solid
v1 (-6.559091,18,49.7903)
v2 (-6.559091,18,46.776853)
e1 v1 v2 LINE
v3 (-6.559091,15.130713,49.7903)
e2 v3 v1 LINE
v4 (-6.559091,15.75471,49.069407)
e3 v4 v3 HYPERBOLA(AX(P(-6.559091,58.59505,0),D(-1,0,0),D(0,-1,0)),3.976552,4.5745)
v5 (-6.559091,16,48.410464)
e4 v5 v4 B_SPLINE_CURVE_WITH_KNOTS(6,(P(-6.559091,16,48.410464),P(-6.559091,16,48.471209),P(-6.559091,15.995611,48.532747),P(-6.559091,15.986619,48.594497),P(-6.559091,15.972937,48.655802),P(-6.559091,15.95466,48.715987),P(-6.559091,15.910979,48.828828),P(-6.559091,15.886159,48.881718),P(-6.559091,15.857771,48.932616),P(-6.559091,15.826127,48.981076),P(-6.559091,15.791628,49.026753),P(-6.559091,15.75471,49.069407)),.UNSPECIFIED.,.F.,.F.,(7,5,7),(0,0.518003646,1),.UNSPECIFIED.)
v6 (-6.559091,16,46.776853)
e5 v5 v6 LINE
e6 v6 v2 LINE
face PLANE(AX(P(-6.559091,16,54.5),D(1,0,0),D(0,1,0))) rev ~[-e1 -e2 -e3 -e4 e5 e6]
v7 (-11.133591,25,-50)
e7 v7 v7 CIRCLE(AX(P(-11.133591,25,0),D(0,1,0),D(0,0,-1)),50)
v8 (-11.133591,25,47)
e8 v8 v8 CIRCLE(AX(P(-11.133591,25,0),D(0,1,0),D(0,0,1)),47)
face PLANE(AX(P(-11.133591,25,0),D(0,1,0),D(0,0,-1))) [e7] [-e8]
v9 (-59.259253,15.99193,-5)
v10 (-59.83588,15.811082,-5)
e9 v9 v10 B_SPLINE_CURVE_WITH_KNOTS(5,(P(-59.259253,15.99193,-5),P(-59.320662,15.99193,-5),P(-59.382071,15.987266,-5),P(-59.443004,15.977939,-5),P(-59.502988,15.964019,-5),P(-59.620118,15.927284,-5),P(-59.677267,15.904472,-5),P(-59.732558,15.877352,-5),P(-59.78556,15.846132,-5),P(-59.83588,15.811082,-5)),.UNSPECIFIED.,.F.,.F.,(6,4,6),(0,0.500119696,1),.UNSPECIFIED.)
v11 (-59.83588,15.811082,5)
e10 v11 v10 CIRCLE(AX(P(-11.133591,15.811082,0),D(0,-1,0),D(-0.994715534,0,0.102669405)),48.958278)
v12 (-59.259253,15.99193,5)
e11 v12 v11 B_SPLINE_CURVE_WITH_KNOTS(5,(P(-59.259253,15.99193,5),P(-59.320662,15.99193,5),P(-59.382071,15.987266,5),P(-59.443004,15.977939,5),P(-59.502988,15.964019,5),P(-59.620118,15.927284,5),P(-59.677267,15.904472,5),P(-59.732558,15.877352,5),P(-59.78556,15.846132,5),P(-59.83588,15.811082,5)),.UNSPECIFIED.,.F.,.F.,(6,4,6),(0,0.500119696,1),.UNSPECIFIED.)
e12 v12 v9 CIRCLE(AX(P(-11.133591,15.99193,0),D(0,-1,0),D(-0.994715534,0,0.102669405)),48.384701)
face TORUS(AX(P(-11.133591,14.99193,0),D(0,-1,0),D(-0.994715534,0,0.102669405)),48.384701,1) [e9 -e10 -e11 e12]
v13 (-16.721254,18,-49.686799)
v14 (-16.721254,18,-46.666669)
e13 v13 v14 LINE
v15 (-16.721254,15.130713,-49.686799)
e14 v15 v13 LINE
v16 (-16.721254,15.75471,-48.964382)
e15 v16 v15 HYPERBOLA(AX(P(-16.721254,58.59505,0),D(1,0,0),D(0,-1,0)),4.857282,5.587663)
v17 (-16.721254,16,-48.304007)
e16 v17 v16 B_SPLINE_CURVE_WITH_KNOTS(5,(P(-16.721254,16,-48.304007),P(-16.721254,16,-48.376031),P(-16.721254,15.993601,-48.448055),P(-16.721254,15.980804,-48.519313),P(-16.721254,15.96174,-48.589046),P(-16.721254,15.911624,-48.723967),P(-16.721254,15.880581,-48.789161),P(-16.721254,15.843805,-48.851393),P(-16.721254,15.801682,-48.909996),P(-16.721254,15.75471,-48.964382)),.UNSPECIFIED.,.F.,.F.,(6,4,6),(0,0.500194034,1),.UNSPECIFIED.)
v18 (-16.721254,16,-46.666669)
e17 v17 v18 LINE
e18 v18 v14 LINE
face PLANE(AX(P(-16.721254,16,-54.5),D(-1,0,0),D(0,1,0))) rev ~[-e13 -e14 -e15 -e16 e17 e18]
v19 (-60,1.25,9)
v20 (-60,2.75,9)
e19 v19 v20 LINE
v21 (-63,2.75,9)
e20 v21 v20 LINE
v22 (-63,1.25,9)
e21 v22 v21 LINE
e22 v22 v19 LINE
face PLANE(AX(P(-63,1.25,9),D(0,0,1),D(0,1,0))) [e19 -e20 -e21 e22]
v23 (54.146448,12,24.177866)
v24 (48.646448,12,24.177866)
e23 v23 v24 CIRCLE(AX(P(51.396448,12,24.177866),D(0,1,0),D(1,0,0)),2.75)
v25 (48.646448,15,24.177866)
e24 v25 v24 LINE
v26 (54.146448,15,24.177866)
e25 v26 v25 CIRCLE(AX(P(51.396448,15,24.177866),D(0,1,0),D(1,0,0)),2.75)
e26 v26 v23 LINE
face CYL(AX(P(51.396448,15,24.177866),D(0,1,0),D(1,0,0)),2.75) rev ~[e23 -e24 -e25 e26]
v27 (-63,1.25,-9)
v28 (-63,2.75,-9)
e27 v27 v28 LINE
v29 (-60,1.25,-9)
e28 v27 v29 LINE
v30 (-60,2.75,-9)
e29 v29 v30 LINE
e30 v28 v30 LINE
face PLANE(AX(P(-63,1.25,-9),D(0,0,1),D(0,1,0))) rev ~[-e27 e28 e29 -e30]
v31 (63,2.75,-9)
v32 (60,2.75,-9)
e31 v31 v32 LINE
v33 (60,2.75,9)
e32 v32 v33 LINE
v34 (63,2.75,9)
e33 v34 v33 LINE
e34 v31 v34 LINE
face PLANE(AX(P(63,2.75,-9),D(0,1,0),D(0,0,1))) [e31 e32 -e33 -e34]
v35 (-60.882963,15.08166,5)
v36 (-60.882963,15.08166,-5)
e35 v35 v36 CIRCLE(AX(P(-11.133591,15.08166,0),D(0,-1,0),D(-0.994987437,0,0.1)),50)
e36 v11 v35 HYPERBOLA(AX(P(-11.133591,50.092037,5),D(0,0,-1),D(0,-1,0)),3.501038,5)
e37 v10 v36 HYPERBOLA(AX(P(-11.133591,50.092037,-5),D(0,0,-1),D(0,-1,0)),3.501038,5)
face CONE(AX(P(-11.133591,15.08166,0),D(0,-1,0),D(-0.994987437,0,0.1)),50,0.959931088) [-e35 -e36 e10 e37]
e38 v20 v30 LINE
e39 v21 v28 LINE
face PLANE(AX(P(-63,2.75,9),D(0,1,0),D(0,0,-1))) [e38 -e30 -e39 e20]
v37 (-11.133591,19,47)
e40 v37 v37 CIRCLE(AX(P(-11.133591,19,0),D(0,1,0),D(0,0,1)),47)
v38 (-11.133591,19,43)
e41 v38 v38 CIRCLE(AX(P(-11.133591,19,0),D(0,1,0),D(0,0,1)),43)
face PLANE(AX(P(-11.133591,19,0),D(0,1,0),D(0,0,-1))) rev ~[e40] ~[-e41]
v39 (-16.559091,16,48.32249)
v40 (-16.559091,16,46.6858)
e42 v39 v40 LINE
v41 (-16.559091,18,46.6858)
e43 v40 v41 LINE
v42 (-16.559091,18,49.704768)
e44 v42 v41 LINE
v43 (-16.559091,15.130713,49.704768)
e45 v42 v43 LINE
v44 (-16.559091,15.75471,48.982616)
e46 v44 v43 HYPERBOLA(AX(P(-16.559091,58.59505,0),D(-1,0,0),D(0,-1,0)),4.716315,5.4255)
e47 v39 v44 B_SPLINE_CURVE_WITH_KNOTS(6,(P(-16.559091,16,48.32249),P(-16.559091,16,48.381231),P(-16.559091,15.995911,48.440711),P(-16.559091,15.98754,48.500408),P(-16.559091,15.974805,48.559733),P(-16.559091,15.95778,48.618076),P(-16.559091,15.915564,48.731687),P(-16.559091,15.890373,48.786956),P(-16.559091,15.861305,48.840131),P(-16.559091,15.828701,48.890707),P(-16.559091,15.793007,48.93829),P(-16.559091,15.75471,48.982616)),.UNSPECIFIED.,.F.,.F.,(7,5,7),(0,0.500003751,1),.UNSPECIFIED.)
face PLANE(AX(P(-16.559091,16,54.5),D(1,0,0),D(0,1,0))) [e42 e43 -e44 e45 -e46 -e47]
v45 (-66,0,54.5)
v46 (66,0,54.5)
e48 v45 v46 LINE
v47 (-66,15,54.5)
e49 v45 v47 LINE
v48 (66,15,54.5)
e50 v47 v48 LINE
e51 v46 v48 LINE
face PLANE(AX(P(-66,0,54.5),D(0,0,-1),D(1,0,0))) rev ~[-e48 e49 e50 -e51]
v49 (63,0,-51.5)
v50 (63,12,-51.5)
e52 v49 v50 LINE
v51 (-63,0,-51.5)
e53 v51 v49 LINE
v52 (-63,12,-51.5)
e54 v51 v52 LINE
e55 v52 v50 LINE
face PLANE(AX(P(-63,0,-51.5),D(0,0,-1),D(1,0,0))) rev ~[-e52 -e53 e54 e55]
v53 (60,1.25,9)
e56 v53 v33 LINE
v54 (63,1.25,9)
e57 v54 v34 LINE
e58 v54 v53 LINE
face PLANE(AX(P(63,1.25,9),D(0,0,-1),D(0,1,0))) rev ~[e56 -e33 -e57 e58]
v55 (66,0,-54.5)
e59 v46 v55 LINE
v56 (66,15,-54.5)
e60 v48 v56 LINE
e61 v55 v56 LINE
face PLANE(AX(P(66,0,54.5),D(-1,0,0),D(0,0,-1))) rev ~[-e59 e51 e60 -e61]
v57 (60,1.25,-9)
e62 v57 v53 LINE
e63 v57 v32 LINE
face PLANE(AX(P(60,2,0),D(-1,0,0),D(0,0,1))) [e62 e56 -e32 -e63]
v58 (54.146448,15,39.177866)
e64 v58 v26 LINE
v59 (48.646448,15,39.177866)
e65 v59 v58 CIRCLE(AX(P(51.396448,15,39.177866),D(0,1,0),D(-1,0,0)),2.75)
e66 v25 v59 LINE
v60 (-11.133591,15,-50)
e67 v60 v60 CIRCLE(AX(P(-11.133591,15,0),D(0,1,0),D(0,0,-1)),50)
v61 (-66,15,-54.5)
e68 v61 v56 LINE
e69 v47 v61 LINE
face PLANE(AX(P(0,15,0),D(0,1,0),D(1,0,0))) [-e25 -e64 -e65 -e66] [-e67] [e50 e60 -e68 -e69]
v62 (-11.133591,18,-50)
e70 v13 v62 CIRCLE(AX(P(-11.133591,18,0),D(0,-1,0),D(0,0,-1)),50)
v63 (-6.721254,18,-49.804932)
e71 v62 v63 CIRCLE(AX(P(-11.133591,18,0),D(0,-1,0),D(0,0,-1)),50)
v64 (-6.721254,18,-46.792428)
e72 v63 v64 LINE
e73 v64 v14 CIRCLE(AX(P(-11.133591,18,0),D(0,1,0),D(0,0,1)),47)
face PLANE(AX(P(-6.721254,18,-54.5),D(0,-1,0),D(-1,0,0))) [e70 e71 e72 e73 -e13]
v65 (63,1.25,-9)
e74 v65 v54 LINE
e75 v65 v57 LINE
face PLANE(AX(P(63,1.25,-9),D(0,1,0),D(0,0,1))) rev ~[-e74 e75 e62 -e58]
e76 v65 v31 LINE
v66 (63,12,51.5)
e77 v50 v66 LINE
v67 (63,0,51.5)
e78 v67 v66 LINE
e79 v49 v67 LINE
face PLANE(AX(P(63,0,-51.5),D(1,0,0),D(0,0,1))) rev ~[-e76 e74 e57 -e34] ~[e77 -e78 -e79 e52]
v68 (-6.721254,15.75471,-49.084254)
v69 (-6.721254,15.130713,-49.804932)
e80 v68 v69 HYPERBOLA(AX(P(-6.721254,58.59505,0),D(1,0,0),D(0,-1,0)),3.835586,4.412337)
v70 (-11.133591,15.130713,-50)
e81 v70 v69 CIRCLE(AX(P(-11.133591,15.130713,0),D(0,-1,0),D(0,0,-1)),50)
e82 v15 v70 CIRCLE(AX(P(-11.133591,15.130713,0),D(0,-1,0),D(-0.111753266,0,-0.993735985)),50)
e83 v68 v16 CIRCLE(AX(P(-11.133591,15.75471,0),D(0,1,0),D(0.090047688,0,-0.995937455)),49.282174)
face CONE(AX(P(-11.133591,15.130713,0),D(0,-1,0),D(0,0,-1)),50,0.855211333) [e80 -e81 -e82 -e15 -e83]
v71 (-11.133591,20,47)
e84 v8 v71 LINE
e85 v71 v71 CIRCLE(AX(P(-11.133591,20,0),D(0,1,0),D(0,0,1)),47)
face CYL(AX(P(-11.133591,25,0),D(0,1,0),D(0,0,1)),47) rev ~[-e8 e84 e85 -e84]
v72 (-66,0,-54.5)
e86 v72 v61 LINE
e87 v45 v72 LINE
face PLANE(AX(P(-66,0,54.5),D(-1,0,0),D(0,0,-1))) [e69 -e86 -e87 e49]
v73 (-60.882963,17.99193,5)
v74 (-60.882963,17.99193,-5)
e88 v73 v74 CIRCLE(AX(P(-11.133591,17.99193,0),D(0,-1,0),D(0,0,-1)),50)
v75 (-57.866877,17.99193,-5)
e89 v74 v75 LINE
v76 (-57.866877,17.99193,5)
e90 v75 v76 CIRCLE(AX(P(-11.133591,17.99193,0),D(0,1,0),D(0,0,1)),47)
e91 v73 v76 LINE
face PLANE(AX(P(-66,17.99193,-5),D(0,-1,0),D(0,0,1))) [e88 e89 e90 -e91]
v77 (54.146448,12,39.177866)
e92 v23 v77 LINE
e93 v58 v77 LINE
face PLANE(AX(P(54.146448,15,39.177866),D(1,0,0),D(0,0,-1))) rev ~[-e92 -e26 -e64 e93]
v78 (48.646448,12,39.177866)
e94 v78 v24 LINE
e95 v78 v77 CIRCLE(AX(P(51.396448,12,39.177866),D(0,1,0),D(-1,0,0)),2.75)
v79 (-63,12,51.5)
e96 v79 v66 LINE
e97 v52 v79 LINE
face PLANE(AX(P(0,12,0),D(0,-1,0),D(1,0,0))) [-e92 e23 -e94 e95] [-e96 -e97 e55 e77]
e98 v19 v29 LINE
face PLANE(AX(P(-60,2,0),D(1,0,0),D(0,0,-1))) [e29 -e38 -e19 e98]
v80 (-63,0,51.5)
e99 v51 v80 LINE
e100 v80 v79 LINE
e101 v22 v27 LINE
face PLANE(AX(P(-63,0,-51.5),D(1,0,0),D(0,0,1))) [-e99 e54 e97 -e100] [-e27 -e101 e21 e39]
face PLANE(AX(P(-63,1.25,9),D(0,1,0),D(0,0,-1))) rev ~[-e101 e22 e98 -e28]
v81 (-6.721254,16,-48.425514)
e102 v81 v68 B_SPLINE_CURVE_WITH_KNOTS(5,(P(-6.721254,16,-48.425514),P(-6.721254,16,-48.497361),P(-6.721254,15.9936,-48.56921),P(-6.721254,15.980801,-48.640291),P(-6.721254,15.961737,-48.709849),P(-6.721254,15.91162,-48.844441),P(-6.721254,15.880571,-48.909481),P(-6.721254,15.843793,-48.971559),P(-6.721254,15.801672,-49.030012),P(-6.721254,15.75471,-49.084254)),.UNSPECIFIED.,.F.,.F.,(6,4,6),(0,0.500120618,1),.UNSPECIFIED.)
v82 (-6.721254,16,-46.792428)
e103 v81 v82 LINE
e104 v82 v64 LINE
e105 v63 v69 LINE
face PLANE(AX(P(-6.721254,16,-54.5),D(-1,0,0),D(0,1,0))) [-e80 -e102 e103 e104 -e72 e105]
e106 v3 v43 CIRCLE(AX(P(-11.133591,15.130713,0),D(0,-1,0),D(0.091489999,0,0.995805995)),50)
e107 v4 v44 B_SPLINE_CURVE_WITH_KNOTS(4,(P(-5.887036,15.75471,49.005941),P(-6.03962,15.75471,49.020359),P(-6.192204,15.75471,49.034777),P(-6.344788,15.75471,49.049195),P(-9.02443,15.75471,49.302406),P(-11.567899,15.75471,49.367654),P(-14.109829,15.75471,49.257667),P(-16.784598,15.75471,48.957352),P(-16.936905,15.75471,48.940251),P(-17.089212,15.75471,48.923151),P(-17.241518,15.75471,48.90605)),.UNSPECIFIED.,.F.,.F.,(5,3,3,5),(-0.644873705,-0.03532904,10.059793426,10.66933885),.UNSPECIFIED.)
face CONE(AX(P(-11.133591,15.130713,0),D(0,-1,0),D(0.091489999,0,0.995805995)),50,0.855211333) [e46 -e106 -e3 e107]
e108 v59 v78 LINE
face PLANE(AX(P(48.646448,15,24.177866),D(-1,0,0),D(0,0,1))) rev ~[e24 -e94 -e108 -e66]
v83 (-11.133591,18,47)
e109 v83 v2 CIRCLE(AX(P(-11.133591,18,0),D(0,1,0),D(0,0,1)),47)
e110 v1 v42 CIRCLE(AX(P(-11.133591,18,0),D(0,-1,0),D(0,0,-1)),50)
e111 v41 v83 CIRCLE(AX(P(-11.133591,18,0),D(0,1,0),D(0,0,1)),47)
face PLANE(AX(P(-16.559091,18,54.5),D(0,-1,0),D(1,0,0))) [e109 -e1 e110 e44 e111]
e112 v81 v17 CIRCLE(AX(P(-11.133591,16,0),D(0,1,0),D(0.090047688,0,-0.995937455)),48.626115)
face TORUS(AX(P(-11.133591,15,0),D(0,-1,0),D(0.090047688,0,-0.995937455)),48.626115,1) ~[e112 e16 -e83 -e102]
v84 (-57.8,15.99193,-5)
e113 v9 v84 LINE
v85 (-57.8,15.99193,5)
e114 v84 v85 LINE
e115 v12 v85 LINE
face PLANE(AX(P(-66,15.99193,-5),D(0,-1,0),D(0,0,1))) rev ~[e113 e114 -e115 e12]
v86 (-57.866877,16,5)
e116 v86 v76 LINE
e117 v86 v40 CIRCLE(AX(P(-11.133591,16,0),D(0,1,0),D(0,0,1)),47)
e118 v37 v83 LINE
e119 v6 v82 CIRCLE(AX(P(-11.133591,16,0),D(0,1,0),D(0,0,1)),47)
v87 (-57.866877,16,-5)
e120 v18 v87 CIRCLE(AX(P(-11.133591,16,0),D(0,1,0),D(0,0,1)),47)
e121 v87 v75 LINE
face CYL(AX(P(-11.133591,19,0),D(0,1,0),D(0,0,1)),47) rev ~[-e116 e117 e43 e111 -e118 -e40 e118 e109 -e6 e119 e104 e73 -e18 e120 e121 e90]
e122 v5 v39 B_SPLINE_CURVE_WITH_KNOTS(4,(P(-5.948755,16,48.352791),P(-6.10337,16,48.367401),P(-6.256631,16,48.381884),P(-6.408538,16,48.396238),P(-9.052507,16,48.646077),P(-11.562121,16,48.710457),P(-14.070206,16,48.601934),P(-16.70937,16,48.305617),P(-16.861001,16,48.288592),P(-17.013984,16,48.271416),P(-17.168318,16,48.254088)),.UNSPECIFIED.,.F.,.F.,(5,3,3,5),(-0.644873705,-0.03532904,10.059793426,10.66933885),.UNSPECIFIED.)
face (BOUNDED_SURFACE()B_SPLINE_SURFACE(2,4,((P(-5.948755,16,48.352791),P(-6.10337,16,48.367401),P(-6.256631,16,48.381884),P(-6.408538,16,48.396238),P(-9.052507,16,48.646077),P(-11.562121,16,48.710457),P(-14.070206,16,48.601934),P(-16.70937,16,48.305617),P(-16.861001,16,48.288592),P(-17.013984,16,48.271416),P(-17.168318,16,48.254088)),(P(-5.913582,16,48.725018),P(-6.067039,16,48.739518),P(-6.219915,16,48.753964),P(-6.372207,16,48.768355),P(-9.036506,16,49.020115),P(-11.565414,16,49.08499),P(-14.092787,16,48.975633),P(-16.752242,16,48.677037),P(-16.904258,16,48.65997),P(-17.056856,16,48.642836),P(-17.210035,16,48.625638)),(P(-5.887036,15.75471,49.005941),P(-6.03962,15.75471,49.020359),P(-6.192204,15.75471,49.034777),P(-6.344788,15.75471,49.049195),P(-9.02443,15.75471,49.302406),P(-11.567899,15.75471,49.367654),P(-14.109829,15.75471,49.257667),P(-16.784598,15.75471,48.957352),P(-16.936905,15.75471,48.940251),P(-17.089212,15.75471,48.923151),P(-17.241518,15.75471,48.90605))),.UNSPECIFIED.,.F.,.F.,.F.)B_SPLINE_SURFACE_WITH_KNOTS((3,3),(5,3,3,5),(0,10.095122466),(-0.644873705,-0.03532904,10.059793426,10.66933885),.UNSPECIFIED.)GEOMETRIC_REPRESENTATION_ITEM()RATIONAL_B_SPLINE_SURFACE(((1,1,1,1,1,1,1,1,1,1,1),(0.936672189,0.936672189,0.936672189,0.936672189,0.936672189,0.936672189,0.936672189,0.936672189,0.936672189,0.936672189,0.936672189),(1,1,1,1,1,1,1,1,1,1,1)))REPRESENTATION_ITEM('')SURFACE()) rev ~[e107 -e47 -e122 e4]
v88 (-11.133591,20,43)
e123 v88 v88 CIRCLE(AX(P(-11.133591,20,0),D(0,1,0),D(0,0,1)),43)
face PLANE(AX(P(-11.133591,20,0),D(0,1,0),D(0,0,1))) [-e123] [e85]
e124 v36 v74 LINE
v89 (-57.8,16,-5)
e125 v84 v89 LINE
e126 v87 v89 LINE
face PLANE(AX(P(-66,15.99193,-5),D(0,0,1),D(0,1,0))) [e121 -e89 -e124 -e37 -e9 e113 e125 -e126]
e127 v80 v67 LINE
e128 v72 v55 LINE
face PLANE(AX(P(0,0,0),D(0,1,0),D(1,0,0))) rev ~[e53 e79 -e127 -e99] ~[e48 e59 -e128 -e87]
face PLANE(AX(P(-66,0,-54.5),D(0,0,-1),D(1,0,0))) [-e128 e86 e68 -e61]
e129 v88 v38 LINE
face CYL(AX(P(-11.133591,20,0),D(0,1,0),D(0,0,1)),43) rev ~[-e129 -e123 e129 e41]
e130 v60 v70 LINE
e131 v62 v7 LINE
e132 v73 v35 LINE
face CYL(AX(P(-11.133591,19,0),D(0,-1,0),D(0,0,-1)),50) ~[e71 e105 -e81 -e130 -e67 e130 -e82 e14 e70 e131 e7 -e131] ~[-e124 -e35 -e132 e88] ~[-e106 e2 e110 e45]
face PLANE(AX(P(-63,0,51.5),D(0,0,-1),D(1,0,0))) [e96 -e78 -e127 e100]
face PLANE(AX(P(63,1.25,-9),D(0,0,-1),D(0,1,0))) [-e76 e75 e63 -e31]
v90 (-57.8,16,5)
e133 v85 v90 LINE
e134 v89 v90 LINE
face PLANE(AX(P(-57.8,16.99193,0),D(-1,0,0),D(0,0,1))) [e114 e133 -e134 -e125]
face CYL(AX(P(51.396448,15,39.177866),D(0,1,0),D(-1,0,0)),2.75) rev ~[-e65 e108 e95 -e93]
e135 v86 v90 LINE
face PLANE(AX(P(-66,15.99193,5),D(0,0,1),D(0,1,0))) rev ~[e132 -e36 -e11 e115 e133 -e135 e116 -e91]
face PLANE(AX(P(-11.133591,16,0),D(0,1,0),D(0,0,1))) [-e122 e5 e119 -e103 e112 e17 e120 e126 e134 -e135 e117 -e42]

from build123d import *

# Parameters (mm, degrees)
SKETCH1_W            = 132
SKETCH1_H            = 109
BOSS_EXTRUDE1_DEPTH  = 15
SKETCH2_W            = 126
SKETCH2_H            = 103
CUT_EXTRUDE1_DEPTH   = 12
SKETCH3_W            = 18
SKETCH3_H            = 1.5
BOSS_EXTRUDE6_DEPTH  = 3
SKETCH6_W            = 18
SKETCH6_H            = 1.5
BOSS_EXTRUDE7_DEPTH  = 3
CUT_EXTRUDE2_DEPTH   = 10
SKETCH13_R           = 50
BOSS_EXTRUDE10_DEPTH = 4
SKETCH18_R           = 47
CUT_EXTRUDE6_DEPTH   = 3
SKETCH19_R           = 50
BOSS_EXTRUDE11_DEPTH = 6
SKETCH20_R           = 47
CUT_EXTRUDE7_DEPTH   = 5
SKETCH21_R           = 43
CUT_EXTRUDE8_DEPTH   = 3
SKETCH22_W           = 10
SKETCH22_H           = 2
CUT_EXTRUDE10_DEPTH  = 8.2
CHAMFER2_SIZE        = 1.3
CHAMFER2_SIZE2       = 0.9102698
FILLET2_R            = 1
SKETCH23_W           = 10
SKETCH23_H           = 2
CUT_EXTRUDE11_DEPTH  = 8.2
CHAMFER3_SIZE        = 1
CHAMFER3_SIZE2       = 0.869286738
FILLET3_R            = 1
SKETCH24_W           = 10
SKETCH24_H           = 2
CUT_EXTRUDE12_DEPTH  = 8.2
CHAMFER4_SIZE        = 1
CHAMFER4_SIZE2       = 0.869286738
FILLET4_R            = 1


with BuildPart() as part:
    # Sketch1 → Boss-Extrude1 (new body)
    with BuildSketch(Plane(origin=(0, 0, 0), x_dir=(1, 0, 0), z_dir=(0, 1, 0))):
        Rectangle(SKETCH1_W, SKETCH1_H)
    extrude(amount=BOSS_EXTRUDE1_DEPTH)

    # Sketch2 → Cut-Extrude1 (cut)
    with BuildSketch(Plane.XZ):
        Rectangle(SKETCH2_W, SKETCH2_H)
    extrude(amount=-CUT_EXTRUDE1_DEPTH, mode=Mode.SUBTRACT)

    # Sketch3 → Boss-Extrude6 (add)
    with BuildSketch(Plane(origin=(-63, 0, 0), x_dir=(0, 0, -1), z_dir=(1, 0, 0))):
        with Locations((0, 2)):
            Rectangle(SKETCH3_W, SKETCH3_H)
    extrude(amount=BOSS_EXTRUDE6_DEPTH)

    # Sketch6 → Boss-Extrude7 (add)
    with BuildSketch(Plane.ZY.offset(-63)):
        with Locations((0, 2)):
            Rectangle(SKETCH6_W, SKETCH6_H)
    extrude(amount=BOSS_EXTRUDE7_DEPTH)

    # Sketch14 → Cut-Extrude2 (cut)
    with BuildSketch(Plane(origin=(0, 15, 0), x_dir=(1, 0, 0), z_dir=(0, 1, 0))):
        with BuildLine():
            Line((48.646447832, -24.177866046), (48.646447832, -39.177866046))
            ThreePointArc((48.646447832, -39.177866046), (51.396447832, -41.927866046), (54.146447832, -39.177866046))
            Line((54.146447832, -39.177866046), (54.146447832, -24.177866046))
            ThreePointArc((54.146447832, -24.177866046), (51.396447832, -21.427866046), (48.646447832, -24.177866046))
        make_face()
    extrude(amount=-CUT_EXTRUDE2_DEPTH, mode=Mode.SUBTRACT)

    # Sketch13 → Boss-Extrude10 (add)
    with BuildSketch(Plane(origin=(0, 15, 0), x_dir=(1, 0, 0), z_dir=(0, 1, 0))):
        with Locations(Location((-11.133590864, 0, 0), (0, 0, 90))):
            Circle(SKETCH13_R)
    extrude(amount=BOSS_EXTRUDE10_DEPTH)

    # Sketch18 → Cut-Extrude6 (cut)
    with BuildSketch(Plane(origin=(0, 19, 0), x_dir=(1, 0, 0), z_dir=(0, 1, 0))):
        with Locations(Location((-11.133590864, 0, 0), (0, 0, 270))):
            Circle(SKETCH18_R)
    extrude(amount=-CUT_EXTRUDE6_DEPTH, mode=Mode.SUBTRACT)

    # Sketch19 → Boss-Extrude11 (add)
    with BuildSketch(Plane(origin=(0, 19, 0), x_dir=(1, 0, 0), z_dir=(0, 1, 0))):
        with Locations(Location((-11.133590864, 0, 0), (0, 0, 90))):
            Circle(SKETCH19_R)
    extrude(amount=BOSS_EXTRUDE11_DEPTH)

    # Sketch20 → Cut-Extrude7 (cut)
    with BuildSketch(Plane(origin=(0, 25, 0), x_dir=(1, 0, 0), z_dir=(0, 1, 0))):
        with Locations(Location((-11.133590864, 0, 0), (0, 0, 270))):
            Circle(SKETCH20_R)
    extrude(amount=-CUT_EXTRUDE7_DEPTH, mode=Mode.SUBTRACT)

    # Sketch21 → Cut-Extrude8 (cut)
    with BuildSketch(Plane(origin=(0, 20, 0), x_dir=(1, 0, 0), z_dir=(0, 1, 0))):
        with Locations(Location((-11.133590864, 0, 0), (0, 0, 270))):
            Circle(SKETCH21_R)
    extrude(amount=-CUT_EXTRUDE8_DEPTH, mode=Mode.SUBTRACT)

    # Sketch22 → Cut-Extrude10 (cut)
    with BuildSketch(Plane.ZY.offset(66)):
        with Locations((0, 16.991930037)):
            Rectangle(SKETCH22_W, SKETCH22_H)
    extrude(amount=-CUT_EXTRUDE10_DEPTH, mode=Mode.SUBTRACT)

    # Chamfer2
    chamfer2_edges = [part.edges().sort_by_distance(p)[0] for p in [
        (-61.133590864, 15.991930037, 0),
    ]]
    chamfer2_side = [part.faces().sort_by_distance(p)[0] for p in [
        (-59.42592439, 15.991930037, 0),
    ]]
    chamfer(chamfer2_edges, length=CHAMFER2_SIZE, length2=CHAMFER2_SIZE2, reference=chamfer2_side[0])

    # Fillet2
    fillet2_edges = [part.edges().sort_by_distance(p)[0] for p in [
        (-59.833590864, 15.991930037, 0),
    ]]
    fillet(fillet2_edges, radius=FILLET2_R)

    # Sketch23 → Cut-Extrude11 (cut)
    with BuildSketch(Plane(origin=(0, 0, -54.5), x_dir=(-1, 0, 0), z_dir=(0, 0, -1))):
        with Locations((11.721254149, 17)):
            Rectangle(SKETCH23_W, SKETCH23_H)
    extrude(amount=-CUT_EXTRUDE11_DEPTH, mode=Mode.SUBTRACT)

    # Chamfer3
    chamfer3_edges = [part.edges().sort_by_distance(p)[0] for p in [
        (-13.931807962, 16, -49.921638405),
    ]]
    chamfer3_side = [part.faces().sort_by_distance(p)[0] for p in [
        (-11.119691984, 16, -0.208830113),
    ]]
    chamfer(chamfer3_edges, length=CHAMFER3_SIZE, length2=CHAMFER3_SIZE2, reference=chamfer3_side[0])

    # Fillet3
    fillet3_edges = [part.edges().sort_by_distance(p)[0] for p in [
        (-11.724338174, 16, -48.996438826),
    ]]
    fillet(fillet3_edges, radius=FILLET3_R)

    # Sketch24 → Cut-Extrude12 (cut)
    with BuildSketch(Plane.XY.offset(54.5)):
        with Locations((-11.559090934, 17)):
            Rectangle(SKETCH24_W, SKETCH24_H)
    extrude(amount=-CUT_EXTRUDE12_DEPTH, mode=Mode.SUBTRACT)

    # Chamfer4
    chamfer4_edges = [part.edges().sort_by_distance(p)[0] for p in [
        (-11.561234683, 16, 49.998171174),
    ]]
    chamfer4_side = [part.faces().sort_by_distance(p)[0] for p in [
        (-11.120399941, 16, 0.097012581),
    ]]
    chamfer(chamfer4_edges, length=CHAMFER4_SIZE, length2=CHAMFER4_SIZE2, reference=chamfer4_side[0])

    # Fillet4
    fillet4_edges = [part.edges().sort_by_distance(p)[0] for p in [
        (-11.56132378, 16, 48.998133072),
    ]]
    fillet(fillet4_edges, radius=FILLET4_R)


solid = part.part
